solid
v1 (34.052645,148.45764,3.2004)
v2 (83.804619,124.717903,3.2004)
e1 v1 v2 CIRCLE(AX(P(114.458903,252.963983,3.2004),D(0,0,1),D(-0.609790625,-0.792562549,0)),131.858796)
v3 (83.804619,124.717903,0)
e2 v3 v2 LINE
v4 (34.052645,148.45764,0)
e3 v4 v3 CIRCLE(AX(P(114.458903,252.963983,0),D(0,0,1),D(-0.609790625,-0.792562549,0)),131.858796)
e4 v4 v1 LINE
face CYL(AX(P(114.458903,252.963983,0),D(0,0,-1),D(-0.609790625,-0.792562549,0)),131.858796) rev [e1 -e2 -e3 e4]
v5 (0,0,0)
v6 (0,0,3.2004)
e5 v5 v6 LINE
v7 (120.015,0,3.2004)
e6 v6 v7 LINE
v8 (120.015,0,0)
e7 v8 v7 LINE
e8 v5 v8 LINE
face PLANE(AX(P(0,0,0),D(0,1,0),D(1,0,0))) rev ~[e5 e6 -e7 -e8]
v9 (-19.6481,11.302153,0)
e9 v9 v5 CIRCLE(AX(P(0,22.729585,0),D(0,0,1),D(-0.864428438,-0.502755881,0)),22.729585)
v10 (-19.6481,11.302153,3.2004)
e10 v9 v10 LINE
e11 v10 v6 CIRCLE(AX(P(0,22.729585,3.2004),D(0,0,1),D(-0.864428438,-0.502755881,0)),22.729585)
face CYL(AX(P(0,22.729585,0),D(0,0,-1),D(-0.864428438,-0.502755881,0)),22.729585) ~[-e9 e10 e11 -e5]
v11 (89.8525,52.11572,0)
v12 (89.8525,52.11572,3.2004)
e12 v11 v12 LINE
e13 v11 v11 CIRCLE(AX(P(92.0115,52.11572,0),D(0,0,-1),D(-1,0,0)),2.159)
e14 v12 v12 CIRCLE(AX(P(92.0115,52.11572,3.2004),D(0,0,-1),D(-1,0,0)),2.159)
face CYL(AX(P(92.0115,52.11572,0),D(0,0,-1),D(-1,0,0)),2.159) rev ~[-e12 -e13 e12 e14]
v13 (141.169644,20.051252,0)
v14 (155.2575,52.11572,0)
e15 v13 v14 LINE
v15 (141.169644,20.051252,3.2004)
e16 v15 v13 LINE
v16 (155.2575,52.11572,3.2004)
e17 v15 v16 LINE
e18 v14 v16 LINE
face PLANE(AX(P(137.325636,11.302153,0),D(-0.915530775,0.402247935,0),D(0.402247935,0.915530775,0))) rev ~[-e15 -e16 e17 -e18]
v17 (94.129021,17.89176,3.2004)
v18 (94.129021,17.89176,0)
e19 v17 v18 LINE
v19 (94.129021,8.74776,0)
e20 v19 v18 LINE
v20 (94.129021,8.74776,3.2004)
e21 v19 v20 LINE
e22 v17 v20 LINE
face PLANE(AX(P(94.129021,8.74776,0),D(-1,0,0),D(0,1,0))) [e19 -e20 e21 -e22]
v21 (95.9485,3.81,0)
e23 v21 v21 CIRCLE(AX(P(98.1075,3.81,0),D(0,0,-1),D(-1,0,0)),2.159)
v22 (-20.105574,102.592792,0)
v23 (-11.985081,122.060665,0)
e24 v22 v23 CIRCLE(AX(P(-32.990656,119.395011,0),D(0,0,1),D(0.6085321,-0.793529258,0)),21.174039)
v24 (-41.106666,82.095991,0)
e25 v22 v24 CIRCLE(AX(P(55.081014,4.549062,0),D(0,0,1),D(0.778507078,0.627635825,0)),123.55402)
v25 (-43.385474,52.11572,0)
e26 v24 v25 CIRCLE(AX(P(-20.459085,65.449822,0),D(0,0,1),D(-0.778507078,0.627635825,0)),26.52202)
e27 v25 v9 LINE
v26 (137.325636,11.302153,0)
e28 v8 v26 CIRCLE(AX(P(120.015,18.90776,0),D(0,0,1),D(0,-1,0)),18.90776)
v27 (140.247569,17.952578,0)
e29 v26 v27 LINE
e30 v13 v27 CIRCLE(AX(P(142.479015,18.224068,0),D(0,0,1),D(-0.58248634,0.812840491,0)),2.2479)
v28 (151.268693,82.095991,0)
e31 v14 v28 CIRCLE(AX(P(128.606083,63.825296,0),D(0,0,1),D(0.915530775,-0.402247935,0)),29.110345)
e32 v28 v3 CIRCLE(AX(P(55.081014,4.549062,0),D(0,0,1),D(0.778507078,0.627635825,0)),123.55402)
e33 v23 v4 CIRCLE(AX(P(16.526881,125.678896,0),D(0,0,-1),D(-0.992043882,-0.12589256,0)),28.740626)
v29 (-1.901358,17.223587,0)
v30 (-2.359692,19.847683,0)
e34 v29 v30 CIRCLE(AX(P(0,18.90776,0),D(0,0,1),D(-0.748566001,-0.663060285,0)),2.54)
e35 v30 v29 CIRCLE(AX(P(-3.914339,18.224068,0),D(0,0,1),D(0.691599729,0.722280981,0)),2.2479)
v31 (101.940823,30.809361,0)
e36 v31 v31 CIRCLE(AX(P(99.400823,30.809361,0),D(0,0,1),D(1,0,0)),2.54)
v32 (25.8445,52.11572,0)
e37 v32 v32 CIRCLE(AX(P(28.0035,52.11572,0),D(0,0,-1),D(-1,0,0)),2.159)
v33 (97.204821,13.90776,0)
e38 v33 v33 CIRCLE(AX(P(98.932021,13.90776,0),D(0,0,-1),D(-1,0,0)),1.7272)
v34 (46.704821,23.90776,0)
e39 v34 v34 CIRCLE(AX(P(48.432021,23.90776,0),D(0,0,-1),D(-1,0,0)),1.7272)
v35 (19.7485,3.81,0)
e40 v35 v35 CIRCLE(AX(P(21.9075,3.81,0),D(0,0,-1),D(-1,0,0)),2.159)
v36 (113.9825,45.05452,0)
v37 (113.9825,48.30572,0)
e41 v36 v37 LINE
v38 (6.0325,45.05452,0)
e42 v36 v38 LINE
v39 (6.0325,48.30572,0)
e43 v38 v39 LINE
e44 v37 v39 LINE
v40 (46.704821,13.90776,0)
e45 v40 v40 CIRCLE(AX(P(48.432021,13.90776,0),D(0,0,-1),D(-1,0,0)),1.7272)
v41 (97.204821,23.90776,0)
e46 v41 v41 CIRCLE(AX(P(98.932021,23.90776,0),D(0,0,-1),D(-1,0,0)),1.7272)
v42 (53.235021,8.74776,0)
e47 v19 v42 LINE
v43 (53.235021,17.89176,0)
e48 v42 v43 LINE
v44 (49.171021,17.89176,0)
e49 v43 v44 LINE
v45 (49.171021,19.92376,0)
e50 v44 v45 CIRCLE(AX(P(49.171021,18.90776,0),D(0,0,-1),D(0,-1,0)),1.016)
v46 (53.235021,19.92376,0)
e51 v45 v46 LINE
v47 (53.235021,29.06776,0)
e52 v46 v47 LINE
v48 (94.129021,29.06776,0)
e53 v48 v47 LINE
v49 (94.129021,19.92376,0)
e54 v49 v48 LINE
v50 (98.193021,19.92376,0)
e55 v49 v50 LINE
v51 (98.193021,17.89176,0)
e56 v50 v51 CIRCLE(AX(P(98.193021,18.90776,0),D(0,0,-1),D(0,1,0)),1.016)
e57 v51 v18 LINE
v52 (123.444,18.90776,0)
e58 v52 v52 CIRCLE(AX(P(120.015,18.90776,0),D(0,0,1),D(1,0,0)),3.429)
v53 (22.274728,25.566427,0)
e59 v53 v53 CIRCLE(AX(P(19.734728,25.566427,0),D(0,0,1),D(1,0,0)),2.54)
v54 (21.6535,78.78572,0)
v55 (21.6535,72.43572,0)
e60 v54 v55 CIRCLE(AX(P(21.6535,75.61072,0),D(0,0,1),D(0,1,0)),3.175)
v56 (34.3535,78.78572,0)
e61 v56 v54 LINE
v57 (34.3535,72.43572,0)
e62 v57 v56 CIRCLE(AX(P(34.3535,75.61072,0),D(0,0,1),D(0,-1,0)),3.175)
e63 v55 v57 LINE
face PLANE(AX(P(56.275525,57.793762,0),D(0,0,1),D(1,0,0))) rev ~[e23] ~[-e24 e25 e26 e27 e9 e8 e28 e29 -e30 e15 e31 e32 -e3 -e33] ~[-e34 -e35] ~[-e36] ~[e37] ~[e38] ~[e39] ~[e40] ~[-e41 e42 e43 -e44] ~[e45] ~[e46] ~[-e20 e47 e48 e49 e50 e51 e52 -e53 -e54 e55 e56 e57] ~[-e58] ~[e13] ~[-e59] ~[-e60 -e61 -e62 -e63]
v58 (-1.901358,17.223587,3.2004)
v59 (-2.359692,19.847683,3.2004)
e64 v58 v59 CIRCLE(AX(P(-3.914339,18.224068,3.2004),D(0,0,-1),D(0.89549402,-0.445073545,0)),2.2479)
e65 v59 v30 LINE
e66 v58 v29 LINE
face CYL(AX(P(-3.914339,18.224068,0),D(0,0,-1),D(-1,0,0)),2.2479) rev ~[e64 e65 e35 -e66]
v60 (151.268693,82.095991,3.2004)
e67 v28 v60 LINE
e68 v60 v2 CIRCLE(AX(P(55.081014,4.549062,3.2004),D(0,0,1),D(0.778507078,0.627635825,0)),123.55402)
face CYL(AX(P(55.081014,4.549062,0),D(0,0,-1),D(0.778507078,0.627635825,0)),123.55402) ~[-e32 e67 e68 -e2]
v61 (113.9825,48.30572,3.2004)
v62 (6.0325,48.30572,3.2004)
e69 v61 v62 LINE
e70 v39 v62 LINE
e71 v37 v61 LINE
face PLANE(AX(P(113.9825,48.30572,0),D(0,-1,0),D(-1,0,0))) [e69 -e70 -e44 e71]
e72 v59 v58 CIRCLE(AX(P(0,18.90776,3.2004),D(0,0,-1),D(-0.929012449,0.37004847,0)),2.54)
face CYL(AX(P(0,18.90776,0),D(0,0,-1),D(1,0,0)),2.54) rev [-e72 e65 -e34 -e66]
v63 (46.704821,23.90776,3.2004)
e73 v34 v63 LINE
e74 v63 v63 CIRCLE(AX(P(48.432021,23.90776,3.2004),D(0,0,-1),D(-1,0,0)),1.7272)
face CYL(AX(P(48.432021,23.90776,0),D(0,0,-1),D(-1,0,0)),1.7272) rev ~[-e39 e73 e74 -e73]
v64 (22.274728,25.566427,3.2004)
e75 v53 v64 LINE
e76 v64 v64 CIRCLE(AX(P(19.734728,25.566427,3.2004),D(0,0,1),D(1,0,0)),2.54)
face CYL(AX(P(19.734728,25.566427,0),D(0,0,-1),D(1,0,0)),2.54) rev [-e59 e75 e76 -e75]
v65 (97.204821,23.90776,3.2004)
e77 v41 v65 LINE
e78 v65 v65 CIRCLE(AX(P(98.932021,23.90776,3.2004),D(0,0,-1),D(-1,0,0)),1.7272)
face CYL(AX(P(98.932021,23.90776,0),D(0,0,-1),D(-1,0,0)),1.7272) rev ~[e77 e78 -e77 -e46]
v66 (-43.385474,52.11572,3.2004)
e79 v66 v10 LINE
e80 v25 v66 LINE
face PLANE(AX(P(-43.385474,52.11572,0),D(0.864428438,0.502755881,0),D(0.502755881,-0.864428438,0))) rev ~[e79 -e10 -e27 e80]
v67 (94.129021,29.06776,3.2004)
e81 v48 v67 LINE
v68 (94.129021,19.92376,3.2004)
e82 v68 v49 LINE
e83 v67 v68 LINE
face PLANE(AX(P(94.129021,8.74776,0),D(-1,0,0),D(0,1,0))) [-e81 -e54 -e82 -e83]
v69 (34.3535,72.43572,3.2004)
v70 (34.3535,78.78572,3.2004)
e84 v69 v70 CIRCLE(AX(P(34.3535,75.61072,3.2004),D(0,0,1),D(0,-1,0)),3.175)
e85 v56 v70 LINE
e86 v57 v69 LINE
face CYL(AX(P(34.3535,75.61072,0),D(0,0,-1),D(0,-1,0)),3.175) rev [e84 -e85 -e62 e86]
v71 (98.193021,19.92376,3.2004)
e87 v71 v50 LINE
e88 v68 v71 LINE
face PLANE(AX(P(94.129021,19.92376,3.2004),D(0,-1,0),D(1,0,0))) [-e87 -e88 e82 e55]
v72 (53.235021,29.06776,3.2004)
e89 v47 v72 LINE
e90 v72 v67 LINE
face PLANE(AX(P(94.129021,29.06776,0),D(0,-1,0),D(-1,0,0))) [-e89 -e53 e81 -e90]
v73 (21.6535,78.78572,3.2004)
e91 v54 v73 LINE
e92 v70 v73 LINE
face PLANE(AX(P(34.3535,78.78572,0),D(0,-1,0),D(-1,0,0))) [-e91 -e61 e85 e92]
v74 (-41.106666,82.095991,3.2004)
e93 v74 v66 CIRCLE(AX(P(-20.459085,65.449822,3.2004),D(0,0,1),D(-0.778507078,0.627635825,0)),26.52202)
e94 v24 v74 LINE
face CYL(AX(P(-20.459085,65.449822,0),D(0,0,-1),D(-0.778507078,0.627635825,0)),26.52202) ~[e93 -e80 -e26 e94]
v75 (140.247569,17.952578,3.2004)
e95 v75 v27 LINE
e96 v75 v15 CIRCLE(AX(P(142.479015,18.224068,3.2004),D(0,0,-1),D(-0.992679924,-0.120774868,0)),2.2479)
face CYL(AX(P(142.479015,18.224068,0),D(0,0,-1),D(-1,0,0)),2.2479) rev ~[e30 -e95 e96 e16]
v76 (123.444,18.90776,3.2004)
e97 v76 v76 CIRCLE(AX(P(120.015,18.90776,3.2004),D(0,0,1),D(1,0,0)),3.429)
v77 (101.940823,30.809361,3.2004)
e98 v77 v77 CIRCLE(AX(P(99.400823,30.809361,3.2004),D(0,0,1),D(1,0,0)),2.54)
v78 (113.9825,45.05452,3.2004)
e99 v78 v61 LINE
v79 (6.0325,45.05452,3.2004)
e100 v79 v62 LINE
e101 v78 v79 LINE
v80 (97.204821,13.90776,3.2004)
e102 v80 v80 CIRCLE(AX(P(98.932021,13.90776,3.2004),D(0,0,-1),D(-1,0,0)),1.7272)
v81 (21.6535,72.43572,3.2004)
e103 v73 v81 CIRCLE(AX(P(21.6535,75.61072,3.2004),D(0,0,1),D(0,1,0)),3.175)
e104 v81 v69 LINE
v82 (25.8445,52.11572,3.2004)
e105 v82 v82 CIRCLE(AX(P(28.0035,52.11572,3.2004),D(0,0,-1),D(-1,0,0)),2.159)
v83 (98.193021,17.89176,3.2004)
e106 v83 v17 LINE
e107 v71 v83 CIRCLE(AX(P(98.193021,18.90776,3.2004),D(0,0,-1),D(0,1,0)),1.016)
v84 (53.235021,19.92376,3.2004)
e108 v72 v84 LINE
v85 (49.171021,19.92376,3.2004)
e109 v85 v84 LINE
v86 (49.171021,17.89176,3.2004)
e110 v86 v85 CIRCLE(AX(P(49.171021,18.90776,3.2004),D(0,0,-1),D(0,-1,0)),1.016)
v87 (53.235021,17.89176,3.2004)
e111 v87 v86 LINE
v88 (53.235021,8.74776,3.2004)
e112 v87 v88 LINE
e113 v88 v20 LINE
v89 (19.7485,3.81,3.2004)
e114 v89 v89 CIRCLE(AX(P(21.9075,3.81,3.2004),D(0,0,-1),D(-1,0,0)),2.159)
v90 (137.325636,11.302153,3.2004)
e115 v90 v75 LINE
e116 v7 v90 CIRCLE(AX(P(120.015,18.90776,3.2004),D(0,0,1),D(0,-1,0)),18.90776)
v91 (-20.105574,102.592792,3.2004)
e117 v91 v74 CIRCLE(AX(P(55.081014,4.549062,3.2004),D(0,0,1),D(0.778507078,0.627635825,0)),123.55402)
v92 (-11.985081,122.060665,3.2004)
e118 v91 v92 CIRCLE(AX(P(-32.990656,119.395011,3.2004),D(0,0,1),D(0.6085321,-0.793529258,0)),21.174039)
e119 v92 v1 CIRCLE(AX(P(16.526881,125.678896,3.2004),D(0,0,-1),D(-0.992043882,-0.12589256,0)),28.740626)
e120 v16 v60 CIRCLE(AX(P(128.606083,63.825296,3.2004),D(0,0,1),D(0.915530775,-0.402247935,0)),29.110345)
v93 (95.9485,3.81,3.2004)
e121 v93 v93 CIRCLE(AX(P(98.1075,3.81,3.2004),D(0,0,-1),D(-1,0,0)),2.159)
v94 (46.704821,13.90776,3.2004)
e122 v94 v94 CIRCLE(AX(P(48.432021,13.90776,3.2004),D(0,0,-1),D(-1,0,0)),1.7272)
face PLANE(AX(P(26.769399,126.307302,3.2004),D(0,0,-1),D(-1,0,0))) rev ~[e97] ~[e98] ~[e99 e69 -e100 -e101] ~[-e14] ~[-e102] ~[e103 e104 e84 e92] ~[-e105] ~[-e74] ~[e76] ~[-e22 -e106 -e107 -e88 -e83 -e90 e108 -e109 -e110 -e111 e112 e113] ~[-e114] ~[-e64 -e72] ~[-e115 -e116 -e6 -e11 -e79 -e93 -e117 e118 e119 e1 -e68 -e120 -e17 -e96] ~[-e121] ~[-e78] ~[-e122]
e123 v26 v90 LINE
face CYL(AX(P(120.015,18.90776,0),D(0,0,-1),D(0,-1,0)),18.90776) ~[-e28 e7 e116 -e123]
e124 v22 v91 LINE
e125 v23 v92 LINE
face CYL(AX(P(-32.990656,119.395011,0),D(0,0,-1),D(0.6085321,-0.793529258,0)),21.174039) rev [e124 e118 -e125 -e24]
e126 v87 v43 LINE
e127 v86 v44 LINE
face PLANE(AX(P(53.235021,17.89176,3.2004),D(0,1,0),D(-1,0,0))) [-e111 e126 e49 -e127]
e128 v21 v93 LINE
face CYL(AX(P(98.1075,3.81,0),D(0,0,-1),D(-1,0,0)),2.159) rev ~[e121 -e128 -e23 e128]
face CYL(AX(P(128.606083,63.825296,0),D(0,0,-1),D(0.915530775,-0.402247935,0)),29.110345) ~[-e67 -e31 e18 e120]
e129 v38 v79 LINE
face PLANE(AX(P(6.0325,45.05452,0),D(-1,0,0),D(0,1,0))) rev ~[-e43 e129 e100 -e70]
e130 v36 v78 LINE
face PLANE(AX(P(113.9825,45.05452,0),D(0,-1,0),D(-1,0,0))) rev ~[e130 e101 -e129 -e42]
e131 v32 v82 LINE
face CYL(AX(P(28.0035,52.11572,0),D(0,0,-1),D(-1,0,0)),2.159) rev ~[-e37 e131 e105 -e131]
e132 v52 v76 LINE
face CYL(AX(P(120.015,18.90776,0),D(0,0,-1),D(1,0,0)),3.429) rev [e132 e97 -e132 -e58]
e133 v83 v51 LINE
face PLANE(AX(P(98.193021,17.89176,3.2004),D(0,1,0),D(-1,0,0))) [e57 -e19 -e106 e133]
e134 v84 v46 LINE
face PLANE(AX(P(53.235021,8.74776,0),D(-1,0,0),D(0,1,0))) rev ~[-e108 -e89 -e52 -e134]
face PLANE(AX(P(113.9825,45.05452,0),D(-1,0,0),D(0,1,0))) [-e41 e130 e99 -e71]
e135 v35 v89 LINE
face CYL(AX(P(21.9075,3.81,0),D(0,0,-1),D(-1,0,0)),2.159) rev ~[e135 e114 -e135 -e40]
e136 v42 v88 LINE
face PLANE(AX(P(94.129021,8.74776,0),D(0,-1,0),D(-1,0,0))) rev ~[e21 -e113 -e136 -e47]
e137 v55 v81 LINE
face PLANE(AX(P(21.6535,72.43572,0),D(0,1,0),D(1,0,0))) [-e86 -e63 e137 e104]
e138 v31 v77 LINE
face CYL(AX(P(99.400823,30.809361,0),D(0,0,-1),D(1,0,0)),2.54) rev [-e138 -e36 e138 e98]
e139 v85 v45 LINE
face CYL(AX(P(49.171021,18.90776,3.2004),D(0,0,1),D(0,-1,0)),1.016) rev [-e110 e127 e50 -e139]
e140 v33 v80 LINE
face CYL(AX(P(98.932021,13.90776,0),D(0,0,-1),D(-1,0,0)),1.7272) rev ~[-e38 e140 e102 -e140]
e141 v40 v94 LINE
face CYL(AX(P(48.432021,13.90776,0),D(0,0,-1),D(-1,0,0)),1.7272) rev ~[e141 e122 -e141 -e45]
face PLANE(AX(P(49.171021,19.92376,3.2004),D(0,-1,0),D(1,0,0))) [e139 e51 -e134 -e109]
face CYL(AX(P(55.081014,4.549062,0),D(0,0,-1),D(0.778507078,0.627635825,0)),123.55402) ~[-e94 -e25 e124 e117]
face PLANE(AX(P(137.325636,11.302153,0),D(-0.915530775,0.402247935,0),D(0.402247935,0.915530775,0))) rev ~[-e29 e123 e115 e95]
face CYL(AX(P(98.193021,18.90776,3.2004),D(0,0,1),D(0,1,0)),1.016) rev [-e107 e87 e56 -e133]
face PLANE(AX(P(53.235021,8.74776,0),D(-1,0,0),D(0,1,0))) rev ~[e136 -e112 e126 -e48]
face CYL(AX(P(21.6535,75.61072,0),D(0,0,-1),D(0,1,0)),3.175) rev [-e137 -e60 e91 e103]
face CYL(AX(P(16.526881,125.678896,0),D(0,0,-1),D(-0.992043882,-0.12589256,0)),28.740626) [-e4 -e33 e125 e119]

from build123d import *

# Parameters (mm, degrees)
SKETCH1_R           = 3.429
SKETCH1_R_2         = 2.54
BOSS_EXTRUDE1_DEPTH = 3.2004
SKETCH2_R           = 2.159
CUT_EXTRUDE1_DEPTH  = 3.2004
SKETCH5_R           = 1.7272
SKETCH5_W           = 40.894
SKETCH5_H           = 20.32
CUT_EXTRUDE3_DEPTH  = 4.2004
CUT_EXTRUDE4_DEPTH  = 3.2004
CUT_EXTRUDE8_DEPTH  = 3.2004
SKETCH11_W          = 107.95
SKETCH11_H          = 3.2512
CUT_EXTRUDE9_DEPTH  = 3.2004
SKETCH12_R          = 2.2479
CUT_EXTRUDE10_DEPTH = 3.2004
BOSS_EXTRUDE2_DEPTH = 3.2004


with BuildPart() as part:
    # Sketch1 → Boss-Extrude1 (new body)
    with BuildSketch(Plane.XY):
        with BuildLine():
            Line((0, 0), (120.015, 0))
            ThreePointArc((120.015, 0), (130.351788397, 3.075697789), (137.325636158, 11.302152593))
            Line((137.325636158, 11.302152593), (155.257499999, 52.11572))
            ThreePointArc((155.257499999, 52.11572), (157.462147967, 67.664529981), (151.26869294, 82.095991421))
            ThreePointArc((151.26869294, 82.095991421), (55.081013593, 128.103082212), (-41.106665754, 82.095991421))
            ThreePointArc((-41.106665754, 82.095991421), (-46.904819593, 67.459968464), (-43.385473773, 52.11572))
            Line((-43.385473773, 52.11572), (-19.648099871, 11.302152593))
            ThreePointArc((-19.648099871, 11.302152593), (-11.333429333, 3.027112684), (0, 0))
        make_face()
        with Locations((120.015, 18.90776)):
            Circle(SKETCH1_R, mode=Mode.SUBTRACT)
        with Locations((0, 18.90776)):
            Circle(SKETCH1_R_2, mode=Mode.SUBTRACT)
        with Locations((19.734727626, 25.566426992)):
            Circle(SKETCH1_R_2, mode=Mode.SUBTRACT)
        with Locations((99.400822531, 30.809360911)):
            Circle(SKETCH1_R_2, mode=Mode.SUBTRACT)
    extrude(amount=BOSS_EXTRUDE1_DEPTH)

    # Sketch2 → Cut-Extrude1 (cut)
    with BuildSketch(Plane(origin=(0, 0, 0), x_dir=(-1, 0, 0), z_dir=(0, 0, -1))):
        with Locations((-92.0115, 52.115719911)):
            Circle(SKETCH2_R)
        with Locations((-28.0035, 52.115719911)):
            Circle(SKETCH2_R)
        with Locations((-98.1075, 3.81)):
            Circle(SKETCH2_R)
        with Locations((-21.9075, 3.81)):
            Circle(SKETCH2_R)
    extrude(amount=-CUT_EXTRUDE1_DEPTH, mode=Mode.SUBTRACT)

    # Sketch5 → Cut-Extrude3 (cut, through all)
    with BuildSketch(Plane(origin=(0, 0, 0), x_dir=(-1, 0, 0), z_dir=(0, 0, -1))):
        with Locations((-98.932021292, 23.90776)):
            Circle(SKETCH5_R)
        with Locations((-48.432021292, 13.90776)):
            Circle(SKETCH5_R)
        with Locations((-48.432021292, 23.90776)):
            Circle(SKETCH5_R)
        with Locations((-98.932021292, 13.90776)):
            Circle(SKETCH5_R)
        with Locations((-73.682021292, 18.90776)):
            Rectangle(SKETCH5_W, SKETCH5_H)
    extrude(amount=-CUT_EXTRUDE3_DEPTH, mode=Mode.SUBTRACT)

    # Sketch6 → Cut-Extrude4 (cut)
    with BuildSketch(Plane.XY.offset(3.2004)):
        with BuildLine():
            Line((49.171021292, 19.92376), (53.235021292, 19.92376))
            Line((53.235021292, 19.92376), (53.235021292, 17.89176))
            Line((53.235021292, 17.89176), (49.171021292, 17.89176))
            ThreePointArc((49.171021292, 17.89176), (48.155021292, 18.90776), (49.171021292, 19.92376))
        make_face()
        with BuildLine():
            Line((94.129021292, 19.92376), (98.193021292, 19.92376))
            ThreePointArc((98.193021292, 19.92376), (99.209021292, 18.90776), (98.193021292, 17.89176))
            Line((98.193021292, 17.89176), (94.129021292, 17.89176))
            Line((94.129021292, 17.89176), (94.129021292, 19.92376))
        make_face()
    extrude(amount=-CUT_EXTRUDE4_DEPTH, mode=Mode.SUBTRACT)

    # Sketch10 → Cut-Extrude8 (cut)
    with BuildSketch(Plane(origin=(0, 0, 0), x_dir=(-1, 0, 0), z_dir=(0, 0, -1))):
        with BuildLine():
            Line((-34.3535, 78.785719911), (-21.6535, 78.785719911))
            ThreePointArc((-21.6535, 78.785719911), (-18.4785, 75.610719911), (-21.6535, 72.435719911))
            Line((-21.6535, 72.435719911), (-34.3535, 72.435719911))
            ThreePointArc((-34.3535, 72.435719911), (-37.5285, 75.610719911), (-34.3535, 78.785719911))
        make_face()
    extrude(amount=-CUT_EXTRUDE8_DEPTH, mode=Mode.SUBTRACT)

    # Sketch11 → Cut-Extrude9 (cut)
    with BuildSketch(Plane(origin=(0, 0, 0), x_dir=(-1, 0, 0), z_dir=(0, 0, -1))):
        with Locations((-60.0075, 46.680119911)):
            Rectangle(SKETCH11_W, SKETCH11_H)
    extrude(amount=-CUT_EXTRUDE9_DEPTH, mode=Mode.SUBTRACT)

    # Sketch12 → Cut-Extrude10 (cut)
    with BuildSketch(Plane(origin=(0, 0, 0), x_dir=(-1, 0, 0), z_dir=(0, 0, -1))):
        with Locations((-142.479014632, 18.224067698)):
            Circle(SKETCH12_R)
        with Locations((3.91433865, 18.224067698)):
            Circle(SKETCH12_R)
    extrude(amount=-CUT_EXTRUDE10_DEPTH, mode=Mode.SUBTRACT)

    # Sketch13 → Boss-Extrude2 (add)
    with BuildSketch(Plane(origin=(0, 0, 0), x_dir=(-1, 0, 0), z_dir=(0, 0, -1))):
        with BuildLine():
            Line((-83.804619012, 124.717903232), (20.105573885, 102.592791936))
            ThreePointArc((20.105573885, 102.592791936), (13.448555565, 111.243555983), (11.985080528, 122.060665224))
            ThreePointArc((11.985080528, 122.060665224), (-2.230930753, 150.611793246), (-34.052645197, 148.457639581))
            ThreePointArc((-34.052645197, 148.457639581), (-57.67418009, 133.958784174), (-83.804619012, 124.717903232))
        make_face()
    extrude(amount=-BOSS_EXTRUDE2_DEPTH)


solid = part.part
